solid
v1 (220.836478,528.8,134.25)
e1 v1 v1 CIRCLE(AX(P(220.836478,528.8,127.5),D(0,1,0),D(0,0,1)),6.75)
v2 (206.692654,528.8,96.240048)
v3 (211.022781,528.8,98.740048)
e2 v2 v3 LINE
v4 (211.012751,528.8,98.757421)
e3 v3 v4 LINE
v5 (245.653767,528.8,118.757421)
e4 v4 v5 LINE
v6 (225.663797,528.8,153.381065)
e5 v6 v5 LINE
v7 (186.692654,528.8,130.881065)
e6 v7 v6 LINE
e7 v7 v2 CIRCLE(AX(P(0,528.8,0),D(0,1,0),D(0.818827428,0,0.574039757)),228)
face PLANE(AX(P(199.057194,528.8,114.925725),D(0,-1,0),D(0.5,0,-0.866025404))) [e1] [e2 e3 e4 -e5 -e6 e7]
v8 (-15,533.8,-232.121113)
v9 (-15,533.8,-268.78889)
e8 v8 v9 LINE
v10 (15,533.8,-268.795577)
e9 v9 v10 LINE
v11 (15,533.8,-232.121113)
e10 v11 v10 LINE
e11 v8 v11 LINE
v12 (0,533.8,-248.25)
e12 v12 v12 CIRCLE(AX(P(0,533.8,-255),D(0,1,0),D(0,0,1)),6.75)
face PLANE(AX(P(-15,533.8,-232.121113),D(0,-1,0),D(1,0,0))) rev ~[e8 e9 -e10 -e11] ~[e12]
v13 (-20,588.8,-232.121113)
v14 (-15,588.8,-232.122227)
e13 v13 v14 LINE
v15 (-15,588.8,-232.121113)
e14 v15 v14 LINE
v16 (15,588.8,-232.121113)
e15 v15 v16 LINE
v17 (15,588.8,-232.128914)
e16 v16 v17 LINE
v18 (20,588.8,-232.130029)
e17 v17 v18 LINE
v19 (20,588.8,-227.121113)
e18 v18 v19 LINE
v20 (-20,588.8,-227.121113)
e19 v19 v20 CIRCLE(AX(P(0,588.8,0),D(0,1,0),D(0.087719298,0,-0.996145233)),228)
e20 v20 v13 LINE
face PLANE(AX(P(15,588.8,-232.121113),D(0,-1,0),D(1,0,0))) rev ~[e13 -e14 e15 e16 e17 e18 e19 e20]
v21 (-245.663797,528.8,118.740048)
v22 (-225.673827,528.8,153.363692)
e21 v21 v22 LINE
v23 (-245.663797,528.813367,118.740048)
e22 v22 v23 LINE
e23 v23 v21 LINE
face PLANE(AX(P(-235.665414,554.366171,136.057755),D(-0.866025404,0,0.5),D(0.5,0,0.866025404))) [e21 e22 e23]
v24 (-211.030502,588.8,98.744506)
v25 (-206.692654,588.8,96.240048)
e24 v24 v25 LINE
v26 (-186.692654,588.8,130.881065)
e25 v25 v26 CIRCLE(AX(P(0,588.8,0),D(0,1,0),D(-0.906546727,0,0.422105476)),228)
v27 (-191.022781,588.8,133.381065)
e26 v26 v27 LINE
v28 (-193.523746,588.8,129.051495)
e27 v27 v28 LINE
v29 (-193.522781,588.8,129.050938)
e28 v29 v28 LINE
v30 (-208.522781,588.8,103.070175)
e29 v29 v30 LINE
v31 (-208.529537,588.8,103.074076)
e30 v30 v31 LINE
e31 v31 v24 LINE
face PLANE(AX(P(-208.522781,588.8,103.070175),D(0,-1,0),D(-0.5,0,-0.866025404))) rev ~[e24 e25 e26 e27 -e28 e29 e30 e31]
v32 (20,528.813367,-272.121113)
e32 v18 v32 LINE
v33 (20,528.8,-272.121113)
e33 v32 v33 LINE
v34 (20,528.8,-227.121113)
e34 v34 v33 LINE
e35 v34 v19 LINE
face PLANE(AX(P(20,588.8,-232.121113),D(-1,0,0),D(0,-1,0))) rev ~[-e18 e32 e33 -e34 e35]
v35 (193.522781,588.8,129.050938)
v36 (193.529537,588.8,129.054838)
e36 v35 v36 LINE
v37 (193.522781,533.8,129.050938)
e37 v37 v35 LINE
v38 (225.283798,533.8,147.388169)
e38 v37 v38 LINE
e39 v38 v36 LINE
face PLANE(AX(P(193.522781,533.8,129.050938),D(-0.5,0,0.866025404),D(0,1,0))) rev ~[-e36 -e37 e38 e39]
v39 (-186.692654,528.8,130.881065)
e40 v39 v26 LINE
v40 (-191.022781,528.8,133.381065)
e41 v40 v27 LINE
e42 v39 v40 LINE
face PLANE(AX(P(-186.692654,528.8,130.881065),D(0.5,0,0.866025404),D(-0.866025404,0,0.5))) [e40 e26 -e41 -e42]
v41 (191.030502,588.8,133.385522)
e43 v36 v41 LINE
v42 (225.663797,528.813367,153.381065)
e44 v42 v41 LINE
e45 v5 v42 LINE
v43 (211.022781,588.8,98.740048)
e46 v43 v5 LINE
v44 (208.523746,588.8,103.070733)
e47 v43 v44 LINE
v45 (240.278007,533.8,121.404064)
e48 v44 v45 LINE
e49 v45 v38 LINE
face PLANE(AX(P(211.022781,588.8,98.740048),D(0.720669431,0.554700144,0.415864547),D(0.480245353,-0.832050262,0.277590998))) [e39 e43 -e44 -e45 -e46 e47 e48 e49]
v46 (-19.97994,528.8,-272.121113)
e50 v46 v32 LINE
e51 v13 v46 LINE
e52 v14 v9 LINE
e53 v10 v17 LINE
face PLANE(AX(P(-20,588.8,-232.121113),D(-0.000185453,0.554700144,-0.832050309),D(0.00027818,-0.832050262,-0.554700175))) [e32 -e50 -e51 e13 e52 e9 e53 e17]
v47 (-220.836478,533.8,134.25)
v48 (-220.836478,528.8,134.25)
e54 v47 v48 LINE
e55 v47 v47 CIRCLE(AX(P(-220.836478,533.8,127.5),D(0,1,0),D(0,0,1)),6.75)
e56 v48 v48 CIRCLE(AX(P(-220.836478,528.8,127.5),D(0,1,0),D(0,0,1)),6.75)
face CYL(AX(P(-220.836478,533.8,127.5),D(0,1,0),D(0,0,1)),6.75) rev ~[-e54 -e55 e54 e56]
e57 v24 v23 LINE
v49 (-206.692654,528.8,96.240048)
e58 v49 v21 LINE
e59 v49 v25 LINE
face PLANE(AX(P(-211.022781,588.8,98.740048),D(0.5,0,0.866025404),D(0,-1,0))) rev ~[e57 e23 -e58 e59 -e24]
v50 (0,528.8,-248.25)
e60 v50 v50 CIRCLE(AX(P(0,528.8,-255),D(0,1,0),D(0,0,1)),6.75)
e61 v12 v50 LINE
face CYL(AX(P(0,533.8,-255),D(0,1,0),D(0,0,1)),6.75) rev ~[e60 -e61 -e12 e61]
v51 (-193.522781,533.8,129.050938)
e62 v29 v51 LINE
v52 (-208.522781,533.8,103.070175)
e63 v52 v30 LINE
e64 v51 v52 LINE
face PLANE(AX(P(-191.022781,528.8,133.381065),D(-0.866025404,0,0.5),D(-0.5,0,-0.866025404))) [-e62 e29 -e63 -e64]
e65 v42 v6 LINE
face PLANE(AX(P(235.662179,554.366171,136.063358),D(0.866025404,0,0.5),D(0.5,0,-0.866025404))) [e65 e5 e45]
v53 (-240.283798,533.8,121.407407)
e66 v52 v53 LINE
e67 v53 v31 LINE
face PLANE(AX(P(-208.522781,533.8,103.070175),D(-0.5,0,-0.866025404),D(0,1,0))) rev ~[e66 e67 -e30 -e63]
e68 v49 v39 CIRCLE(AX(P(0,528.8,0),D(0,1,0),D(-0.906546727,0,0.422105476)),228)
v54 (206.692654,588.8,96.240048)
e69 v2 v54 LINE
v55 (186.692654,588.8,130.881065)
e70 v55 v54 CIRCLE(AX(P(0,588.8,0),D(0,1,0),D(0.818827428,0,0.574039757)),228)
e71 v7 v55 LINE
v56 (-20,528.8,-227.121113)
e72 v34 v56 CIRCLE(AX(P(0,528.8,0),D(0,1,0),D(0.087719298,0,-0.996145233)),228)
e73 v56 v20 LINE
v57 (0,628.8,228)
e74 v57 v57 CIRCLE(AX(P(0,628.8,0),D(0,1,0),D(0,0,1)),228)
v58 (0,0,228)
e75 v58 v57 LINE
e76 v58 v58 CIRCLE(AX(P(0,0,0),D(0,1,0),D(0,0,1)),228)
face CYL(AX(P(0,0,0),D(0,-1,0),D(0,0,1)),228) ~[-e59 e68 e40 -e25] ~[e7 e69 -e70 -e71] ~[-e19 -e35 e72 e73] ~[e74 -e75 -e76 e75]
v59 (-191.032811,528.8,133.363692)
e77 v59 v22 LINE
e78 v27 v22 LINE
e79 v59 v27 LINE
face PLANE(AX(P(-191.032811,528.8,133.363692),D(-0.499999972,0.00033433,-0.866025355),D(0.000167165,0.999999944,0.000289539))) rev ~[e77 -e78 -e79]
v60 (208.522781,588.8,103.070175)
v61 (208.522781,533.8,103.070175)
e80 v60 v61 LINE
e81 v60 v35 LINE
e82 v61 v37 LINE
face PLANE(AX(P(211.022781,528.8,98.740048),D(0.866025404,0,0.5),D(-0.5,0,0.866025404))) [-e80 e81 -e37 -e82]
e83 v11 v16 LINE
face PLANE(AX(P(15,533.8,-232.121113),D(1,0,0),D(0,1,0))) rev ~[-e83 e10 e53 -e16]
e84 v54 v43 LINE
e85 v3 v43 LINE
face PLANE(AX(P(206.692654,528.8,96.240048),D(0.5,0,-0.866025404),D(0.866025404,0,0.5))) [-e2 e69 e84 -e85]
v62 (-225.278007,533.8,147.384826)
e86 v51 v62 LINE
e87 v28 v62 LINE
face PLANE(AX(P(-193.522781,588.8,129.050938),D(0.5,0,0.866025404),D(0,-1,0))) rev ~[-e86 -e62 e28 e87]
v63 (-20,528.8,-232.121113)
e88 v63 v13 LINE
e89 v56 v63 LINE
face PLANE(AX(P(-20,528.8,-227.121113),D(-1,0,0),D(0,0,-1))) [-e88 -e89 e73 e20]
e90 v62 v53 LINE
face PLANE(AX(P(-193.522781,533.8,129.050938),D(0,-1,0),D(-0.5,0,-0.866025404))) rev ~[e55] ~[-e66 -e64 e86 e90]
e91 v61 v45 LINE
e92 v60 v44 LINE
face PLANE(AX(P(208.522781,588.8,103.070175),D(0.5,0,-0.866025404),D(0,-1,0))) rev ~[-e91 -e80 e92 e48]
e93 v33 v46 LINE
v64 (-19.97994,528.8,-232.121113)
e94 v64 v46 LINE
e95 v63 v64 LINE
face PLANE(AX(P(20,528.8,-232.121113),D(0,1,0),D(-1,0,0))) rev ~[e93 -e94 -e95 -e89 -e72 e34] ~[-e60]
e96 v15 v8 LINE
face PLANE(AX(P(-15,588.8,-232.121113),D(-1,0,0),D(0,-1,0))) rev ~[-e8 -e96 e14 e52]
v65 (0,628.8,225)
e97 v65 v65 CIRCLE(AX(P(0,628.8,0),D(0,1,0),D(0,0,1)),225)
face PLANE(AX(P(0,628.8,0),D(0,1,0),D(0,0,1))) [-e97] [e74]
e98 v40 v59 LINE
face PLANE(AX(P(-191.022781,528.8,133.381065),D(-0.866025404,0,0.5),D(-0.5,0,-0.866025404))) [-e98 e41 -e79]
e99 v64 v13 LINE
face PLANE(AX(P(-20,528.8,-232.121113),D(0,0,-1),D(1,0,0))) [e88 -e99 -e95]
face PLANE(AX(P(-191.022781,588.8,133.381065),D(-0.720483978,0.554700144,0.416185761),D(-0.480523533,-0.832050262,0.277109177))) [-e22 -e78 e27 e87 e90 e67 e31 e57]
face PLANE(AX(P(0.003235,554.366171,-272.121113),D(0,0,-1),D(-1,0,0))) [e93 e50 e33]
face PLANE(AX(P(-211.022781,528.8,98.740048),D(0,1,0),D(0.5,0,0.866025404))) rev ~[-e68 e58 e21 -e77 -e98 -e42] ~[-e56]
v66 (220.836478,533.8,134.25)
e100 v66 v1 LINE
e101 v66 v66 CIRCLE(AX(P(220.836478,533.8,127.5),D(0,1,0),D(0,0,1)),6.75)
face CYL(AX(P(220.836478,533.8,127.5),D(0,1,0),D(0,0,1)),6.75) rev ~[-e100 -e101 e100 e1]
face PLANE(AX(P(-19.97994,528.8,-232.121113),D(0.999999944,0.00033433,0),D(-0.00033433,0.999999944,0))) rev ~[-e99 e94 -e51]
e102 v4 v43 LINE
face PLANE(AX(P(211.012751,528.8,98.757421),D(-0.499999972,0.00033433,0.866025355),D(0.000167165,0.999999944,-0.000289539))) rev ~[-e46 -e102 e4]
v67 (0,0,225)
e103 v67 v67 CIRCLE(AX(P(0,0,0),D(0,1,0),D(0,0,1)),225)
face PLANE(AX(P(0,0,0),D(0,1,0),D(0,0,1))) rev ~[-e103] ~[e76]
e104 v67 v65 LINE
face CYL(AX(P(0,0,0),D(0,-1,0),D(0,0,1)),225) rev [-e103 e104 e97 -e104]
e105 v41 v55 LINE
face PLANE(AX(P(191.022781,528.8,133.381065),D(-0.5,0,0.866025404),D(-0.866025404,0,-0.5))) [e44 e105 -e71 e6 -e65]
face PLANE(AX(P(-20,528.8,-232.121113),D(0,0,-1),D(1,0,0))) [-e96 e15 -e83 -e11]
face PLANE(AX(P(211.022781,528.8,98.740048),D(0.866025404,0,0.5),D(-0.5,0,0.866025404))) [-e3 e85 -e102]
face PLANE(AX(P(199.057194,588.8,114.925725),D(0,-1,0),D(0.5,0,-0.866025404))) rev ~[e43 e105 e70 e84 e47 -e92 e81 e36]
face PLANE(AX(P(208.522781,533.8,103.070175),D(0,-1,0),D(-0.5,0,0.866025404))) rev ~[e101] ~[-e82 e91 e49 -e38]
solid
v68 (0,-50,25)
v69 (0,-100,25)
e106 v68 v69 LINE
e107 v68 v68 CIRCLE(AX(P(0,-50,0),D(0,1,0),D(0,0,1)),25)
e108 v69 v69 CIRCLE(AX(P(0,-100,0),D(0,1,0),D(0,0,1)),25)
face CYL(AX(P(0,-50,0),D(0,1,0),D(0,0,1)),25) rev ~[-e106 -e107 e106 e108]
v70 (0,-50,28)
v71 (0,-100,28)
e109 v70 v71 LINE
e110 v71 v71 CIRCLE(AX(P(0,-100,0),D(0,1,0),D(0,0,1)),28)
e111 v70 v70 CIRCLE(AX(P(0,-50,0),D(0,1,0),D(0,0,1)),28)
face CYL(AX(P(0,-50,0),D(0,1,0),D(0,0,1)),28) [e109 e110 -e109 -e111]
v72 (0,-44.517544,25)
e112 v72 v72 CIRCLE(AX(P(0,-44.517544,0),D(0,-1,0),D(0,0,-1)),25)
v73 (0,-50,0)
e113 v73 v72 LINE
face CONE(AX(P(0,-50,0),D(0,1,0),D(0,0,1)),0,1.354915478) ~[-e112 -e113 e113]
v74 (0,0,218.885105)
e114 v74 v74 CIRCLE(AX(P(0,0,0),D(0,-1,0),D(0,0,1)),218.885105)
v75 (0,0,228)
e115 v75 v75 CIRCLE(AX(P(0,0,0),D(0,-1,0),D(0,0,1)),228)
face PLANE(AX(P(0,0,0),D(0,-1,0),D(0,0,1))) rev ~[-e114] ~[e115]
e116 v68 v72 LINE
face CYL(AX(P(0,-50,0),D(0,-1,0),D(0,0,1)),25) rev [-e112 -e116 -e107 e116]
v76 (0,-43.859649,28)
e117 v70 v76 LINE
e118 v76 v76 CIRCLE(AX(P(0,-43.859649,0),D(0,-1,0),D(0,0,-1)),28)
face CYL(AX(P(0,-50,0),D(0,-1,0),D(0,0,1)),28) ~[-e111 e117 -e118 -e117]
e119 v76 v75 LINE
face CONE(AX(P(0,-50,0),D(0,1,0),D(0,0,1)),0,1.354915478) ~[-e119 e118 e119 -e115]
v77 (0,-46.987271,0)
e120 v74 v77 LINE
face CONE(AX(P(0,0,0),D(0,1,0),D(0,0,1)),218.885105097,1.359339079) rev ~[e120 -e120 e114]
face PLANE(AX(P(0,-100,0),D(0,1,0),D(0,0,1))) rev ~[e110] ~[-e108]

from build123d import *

# Parameters (mm, degrees)
SKETCH1_R                       = 228
SKETCH1_R_2                     = 225
BOSS_EXTRUDE1_DEPTH             = 628.8
SKETCH5_R                       = 28
SKETCH5_R_2                     = 25
BOSS_EXTRUDE2_DEPTH             = 50
BOSS_EXTRUDE2_DIRECTION_2_REACH = 753.49
BOSS_EXTRUDE3_DEPTH             = 60
BOSS_EXTRUDE4_DEPTH             = 40
CUT_EXTRUDE1_DEPTH              = 40
CIRPATTERN1_COUNT               = 3
SKETCH10_R                      = 6.75
CUT_EXTRUDE2_DEPTH              = 40


with BuildPart() as part:
    # Sketch1 → Boss-Extrude1 (new body)
    with BuildSketch(Plane(origin=(0, 0, 0), x_dir=(1, 0, 0), z_dir=(0, 1, 0))):
        with Locations(Location((0, 0, 0), (0, 0, 270))):
            Circle(SKETCH1_R)
        with Locations(Location((0, 0, 0), (0, 0, 270))):
            Circle(SKETCH1_R_2, mode=Mode.SUBTRACT)
    extrude(amount=BOSS_EXTRUDE1_DEPTH)

    # Sketch6 → Boss-Extrude3 (add)
    with BuildSketch(Plane(origin=(0, 528.8, 0), x_dir=(1, 0, 0), z_dir=(0, 1, 0))):
        with BuildLine():
            Line((0, 232.121113065), (20, 232.121113065))
            Line((20, 232.121113065), (20, 227.121113065))
            ThreePointArc((20, 227.121113065), (0, 228), (-20, 227.121113065))
            Line((-20, 227.121113065), (-20, 232.121113065))
            Line((-20, 232.121113065), (0, 232.121113065))
        make_face()
    boss_extrude3 = extrude(amount=BOSS_EXTRUDE3_DEPTH)

    # Sketch7 → Boss-Extrude4 (add)
    with BuildSketch(Plane(origin=(0, 0, -232.121113065), x_dir=(-1, 0, 0), z_dir=(0, 0, -1))):
        Polygon((-20, 588.8), (-20, 528.8), (19.97994018, 528.8), (20, 588.8), (15, 588.8), (15, 533.8), (-15, 533.8), (-15, 588.8), align=None)
    boss_extrude4 = extrude(amount=BOSS_EXTRUDE4_DEPTH)

    # Sketch8 → Cut-Extrude1 (cut)
    with BuildSketch(Plane(origin=(-19.803144086, -0.006620792, 0), x_dir=(0, 0, 1), z_dir=(-0.9999999441116189, -0.0003343303147126472, 0))):
        Polygon((-232.121113065, 588.806653699), (-272.121113065, 528.806650346), (-272.121113065, 588.806653699), align=None)
    cut_extrude1 = extrude(amount=-CUT_EXTRUDE1_DEPTH, mode=Mode.SUBTRACT)

    # CirPattern1: Boss-Extrude3, Boss-Extrude4, Cut-Extrude1 ×3 about axis
    cirpattern1_axis = Axis((0, 0, 0), (0, 1, 0))
    add([boss_extrude3.rotate(cirpattern1_axis, i * 360 / CIRPATTERN1_COUNT) for i in range(1, CIRPATTERN1_COUNT)])
    add([boss_extrude4.rotate(cirpattern1_axis, i * 360 / CIRPATTERN1_COUNT) for i in range(1, CIRPATTERN1_COUNT)])
    add([cut_extrude1.rotate(cirpattern1_axis, i * 360 / CIRPATTERN1_COUNT) for i in range(1, CIRPATTERN1_COUNT)], mode=Mode.SUBTRACT)

    # Sketch10 → Cut-Extrude2 (cut)
    with BuildSketch(Plane(origin=(0, 533.8, 0), x_dir=(1, 0, 0), z_dir=(0, 1, 0))):
        with Locations(Location((0, 255, 0), (0, 0, 270))):
            Circle(SKETCH10_R)
        with Locations(Location((-220.836477965, -127.5, 0), (0, 0, 270))):
            Circle(SKETCH10_R)
        with Locations(Location((220.836477965, -127.5, 0), (0, 0, 270))):
            Circle(SKETCH10_R)
    extrude(amount=-CUT_EXTRUDE2_DEPTH, mode=Mode.SUBTRACT)


with BuildPart() as body_2:
    # Sketch3 → Revolve8 (revolve)
    with BuildSketch(Plane(origin=(0, 0, 0), x_dir=(0, 0, -1), z_dir=(1, 0, 0)), mode=Mode.PRIVATE) as revolve8_sk:
        Polygon((228, 0), (218.885105097, 0), (0, -46.987270791), (0, -50), align=None)
    revolve(revolve8_sk.sketch.rotate(Axis((0, 0, 0), (0, -1, 0)), 180), axis=Axis((0, 0, 0), (0, -1, 0)))

    # Sketch5 → Boss-Extrude2 (add)
    with BuildSketch(Plane(origin=(0, -50, 0), x_dir=(1, 0, 0), z_dir=(0, 1, 0))):
        with Locations(Location((0, 0, 0), (0, 0, 270))):
            Circle(SKETCH5_R)
        with Locations(Location((0, 0, 0), (0, 0, 270))):
            Circle(SKETCH5_R_2, mode=Mode.SUBTRACT)
    extrude(amount=-BOSS_EXTRUDE2_DEPTH)

    # Sketch5 → Boss-Extrude2 direction 2 (add, up to next)
    with BuildSketch(Plane(origin=(0, -50, 0), x_dir=(1, 0, 0), z_dir=(0, 1, 0)), mode=Mode.PRIVATE) as boss_extrude2_direction_2_sk1:
        with Locations(Location((0, 0, 0), (0, 0, 270))):
            Circle(SKETCH5_R)
        with Locations(Location((0, 0, 0), (0, 0, 270))):
            Circle(SKETCH5_R_2, mode=Mode.SUBTRACT)
    boss_extrude2_direction_2_tool1 = extrude(boss_extrude2_direction_2_sk1.sketch, amount=BOSS_EXTRUDE2_DIRECTION_2_REACH, mode=Mode.PRIVATE) - body_2.part
    add(boss_extrude2_direction_2_tool1.solids().sort_by_distance((0, -50, -27.20804))[0])


solid = Compound([part.part, body_2.part])
